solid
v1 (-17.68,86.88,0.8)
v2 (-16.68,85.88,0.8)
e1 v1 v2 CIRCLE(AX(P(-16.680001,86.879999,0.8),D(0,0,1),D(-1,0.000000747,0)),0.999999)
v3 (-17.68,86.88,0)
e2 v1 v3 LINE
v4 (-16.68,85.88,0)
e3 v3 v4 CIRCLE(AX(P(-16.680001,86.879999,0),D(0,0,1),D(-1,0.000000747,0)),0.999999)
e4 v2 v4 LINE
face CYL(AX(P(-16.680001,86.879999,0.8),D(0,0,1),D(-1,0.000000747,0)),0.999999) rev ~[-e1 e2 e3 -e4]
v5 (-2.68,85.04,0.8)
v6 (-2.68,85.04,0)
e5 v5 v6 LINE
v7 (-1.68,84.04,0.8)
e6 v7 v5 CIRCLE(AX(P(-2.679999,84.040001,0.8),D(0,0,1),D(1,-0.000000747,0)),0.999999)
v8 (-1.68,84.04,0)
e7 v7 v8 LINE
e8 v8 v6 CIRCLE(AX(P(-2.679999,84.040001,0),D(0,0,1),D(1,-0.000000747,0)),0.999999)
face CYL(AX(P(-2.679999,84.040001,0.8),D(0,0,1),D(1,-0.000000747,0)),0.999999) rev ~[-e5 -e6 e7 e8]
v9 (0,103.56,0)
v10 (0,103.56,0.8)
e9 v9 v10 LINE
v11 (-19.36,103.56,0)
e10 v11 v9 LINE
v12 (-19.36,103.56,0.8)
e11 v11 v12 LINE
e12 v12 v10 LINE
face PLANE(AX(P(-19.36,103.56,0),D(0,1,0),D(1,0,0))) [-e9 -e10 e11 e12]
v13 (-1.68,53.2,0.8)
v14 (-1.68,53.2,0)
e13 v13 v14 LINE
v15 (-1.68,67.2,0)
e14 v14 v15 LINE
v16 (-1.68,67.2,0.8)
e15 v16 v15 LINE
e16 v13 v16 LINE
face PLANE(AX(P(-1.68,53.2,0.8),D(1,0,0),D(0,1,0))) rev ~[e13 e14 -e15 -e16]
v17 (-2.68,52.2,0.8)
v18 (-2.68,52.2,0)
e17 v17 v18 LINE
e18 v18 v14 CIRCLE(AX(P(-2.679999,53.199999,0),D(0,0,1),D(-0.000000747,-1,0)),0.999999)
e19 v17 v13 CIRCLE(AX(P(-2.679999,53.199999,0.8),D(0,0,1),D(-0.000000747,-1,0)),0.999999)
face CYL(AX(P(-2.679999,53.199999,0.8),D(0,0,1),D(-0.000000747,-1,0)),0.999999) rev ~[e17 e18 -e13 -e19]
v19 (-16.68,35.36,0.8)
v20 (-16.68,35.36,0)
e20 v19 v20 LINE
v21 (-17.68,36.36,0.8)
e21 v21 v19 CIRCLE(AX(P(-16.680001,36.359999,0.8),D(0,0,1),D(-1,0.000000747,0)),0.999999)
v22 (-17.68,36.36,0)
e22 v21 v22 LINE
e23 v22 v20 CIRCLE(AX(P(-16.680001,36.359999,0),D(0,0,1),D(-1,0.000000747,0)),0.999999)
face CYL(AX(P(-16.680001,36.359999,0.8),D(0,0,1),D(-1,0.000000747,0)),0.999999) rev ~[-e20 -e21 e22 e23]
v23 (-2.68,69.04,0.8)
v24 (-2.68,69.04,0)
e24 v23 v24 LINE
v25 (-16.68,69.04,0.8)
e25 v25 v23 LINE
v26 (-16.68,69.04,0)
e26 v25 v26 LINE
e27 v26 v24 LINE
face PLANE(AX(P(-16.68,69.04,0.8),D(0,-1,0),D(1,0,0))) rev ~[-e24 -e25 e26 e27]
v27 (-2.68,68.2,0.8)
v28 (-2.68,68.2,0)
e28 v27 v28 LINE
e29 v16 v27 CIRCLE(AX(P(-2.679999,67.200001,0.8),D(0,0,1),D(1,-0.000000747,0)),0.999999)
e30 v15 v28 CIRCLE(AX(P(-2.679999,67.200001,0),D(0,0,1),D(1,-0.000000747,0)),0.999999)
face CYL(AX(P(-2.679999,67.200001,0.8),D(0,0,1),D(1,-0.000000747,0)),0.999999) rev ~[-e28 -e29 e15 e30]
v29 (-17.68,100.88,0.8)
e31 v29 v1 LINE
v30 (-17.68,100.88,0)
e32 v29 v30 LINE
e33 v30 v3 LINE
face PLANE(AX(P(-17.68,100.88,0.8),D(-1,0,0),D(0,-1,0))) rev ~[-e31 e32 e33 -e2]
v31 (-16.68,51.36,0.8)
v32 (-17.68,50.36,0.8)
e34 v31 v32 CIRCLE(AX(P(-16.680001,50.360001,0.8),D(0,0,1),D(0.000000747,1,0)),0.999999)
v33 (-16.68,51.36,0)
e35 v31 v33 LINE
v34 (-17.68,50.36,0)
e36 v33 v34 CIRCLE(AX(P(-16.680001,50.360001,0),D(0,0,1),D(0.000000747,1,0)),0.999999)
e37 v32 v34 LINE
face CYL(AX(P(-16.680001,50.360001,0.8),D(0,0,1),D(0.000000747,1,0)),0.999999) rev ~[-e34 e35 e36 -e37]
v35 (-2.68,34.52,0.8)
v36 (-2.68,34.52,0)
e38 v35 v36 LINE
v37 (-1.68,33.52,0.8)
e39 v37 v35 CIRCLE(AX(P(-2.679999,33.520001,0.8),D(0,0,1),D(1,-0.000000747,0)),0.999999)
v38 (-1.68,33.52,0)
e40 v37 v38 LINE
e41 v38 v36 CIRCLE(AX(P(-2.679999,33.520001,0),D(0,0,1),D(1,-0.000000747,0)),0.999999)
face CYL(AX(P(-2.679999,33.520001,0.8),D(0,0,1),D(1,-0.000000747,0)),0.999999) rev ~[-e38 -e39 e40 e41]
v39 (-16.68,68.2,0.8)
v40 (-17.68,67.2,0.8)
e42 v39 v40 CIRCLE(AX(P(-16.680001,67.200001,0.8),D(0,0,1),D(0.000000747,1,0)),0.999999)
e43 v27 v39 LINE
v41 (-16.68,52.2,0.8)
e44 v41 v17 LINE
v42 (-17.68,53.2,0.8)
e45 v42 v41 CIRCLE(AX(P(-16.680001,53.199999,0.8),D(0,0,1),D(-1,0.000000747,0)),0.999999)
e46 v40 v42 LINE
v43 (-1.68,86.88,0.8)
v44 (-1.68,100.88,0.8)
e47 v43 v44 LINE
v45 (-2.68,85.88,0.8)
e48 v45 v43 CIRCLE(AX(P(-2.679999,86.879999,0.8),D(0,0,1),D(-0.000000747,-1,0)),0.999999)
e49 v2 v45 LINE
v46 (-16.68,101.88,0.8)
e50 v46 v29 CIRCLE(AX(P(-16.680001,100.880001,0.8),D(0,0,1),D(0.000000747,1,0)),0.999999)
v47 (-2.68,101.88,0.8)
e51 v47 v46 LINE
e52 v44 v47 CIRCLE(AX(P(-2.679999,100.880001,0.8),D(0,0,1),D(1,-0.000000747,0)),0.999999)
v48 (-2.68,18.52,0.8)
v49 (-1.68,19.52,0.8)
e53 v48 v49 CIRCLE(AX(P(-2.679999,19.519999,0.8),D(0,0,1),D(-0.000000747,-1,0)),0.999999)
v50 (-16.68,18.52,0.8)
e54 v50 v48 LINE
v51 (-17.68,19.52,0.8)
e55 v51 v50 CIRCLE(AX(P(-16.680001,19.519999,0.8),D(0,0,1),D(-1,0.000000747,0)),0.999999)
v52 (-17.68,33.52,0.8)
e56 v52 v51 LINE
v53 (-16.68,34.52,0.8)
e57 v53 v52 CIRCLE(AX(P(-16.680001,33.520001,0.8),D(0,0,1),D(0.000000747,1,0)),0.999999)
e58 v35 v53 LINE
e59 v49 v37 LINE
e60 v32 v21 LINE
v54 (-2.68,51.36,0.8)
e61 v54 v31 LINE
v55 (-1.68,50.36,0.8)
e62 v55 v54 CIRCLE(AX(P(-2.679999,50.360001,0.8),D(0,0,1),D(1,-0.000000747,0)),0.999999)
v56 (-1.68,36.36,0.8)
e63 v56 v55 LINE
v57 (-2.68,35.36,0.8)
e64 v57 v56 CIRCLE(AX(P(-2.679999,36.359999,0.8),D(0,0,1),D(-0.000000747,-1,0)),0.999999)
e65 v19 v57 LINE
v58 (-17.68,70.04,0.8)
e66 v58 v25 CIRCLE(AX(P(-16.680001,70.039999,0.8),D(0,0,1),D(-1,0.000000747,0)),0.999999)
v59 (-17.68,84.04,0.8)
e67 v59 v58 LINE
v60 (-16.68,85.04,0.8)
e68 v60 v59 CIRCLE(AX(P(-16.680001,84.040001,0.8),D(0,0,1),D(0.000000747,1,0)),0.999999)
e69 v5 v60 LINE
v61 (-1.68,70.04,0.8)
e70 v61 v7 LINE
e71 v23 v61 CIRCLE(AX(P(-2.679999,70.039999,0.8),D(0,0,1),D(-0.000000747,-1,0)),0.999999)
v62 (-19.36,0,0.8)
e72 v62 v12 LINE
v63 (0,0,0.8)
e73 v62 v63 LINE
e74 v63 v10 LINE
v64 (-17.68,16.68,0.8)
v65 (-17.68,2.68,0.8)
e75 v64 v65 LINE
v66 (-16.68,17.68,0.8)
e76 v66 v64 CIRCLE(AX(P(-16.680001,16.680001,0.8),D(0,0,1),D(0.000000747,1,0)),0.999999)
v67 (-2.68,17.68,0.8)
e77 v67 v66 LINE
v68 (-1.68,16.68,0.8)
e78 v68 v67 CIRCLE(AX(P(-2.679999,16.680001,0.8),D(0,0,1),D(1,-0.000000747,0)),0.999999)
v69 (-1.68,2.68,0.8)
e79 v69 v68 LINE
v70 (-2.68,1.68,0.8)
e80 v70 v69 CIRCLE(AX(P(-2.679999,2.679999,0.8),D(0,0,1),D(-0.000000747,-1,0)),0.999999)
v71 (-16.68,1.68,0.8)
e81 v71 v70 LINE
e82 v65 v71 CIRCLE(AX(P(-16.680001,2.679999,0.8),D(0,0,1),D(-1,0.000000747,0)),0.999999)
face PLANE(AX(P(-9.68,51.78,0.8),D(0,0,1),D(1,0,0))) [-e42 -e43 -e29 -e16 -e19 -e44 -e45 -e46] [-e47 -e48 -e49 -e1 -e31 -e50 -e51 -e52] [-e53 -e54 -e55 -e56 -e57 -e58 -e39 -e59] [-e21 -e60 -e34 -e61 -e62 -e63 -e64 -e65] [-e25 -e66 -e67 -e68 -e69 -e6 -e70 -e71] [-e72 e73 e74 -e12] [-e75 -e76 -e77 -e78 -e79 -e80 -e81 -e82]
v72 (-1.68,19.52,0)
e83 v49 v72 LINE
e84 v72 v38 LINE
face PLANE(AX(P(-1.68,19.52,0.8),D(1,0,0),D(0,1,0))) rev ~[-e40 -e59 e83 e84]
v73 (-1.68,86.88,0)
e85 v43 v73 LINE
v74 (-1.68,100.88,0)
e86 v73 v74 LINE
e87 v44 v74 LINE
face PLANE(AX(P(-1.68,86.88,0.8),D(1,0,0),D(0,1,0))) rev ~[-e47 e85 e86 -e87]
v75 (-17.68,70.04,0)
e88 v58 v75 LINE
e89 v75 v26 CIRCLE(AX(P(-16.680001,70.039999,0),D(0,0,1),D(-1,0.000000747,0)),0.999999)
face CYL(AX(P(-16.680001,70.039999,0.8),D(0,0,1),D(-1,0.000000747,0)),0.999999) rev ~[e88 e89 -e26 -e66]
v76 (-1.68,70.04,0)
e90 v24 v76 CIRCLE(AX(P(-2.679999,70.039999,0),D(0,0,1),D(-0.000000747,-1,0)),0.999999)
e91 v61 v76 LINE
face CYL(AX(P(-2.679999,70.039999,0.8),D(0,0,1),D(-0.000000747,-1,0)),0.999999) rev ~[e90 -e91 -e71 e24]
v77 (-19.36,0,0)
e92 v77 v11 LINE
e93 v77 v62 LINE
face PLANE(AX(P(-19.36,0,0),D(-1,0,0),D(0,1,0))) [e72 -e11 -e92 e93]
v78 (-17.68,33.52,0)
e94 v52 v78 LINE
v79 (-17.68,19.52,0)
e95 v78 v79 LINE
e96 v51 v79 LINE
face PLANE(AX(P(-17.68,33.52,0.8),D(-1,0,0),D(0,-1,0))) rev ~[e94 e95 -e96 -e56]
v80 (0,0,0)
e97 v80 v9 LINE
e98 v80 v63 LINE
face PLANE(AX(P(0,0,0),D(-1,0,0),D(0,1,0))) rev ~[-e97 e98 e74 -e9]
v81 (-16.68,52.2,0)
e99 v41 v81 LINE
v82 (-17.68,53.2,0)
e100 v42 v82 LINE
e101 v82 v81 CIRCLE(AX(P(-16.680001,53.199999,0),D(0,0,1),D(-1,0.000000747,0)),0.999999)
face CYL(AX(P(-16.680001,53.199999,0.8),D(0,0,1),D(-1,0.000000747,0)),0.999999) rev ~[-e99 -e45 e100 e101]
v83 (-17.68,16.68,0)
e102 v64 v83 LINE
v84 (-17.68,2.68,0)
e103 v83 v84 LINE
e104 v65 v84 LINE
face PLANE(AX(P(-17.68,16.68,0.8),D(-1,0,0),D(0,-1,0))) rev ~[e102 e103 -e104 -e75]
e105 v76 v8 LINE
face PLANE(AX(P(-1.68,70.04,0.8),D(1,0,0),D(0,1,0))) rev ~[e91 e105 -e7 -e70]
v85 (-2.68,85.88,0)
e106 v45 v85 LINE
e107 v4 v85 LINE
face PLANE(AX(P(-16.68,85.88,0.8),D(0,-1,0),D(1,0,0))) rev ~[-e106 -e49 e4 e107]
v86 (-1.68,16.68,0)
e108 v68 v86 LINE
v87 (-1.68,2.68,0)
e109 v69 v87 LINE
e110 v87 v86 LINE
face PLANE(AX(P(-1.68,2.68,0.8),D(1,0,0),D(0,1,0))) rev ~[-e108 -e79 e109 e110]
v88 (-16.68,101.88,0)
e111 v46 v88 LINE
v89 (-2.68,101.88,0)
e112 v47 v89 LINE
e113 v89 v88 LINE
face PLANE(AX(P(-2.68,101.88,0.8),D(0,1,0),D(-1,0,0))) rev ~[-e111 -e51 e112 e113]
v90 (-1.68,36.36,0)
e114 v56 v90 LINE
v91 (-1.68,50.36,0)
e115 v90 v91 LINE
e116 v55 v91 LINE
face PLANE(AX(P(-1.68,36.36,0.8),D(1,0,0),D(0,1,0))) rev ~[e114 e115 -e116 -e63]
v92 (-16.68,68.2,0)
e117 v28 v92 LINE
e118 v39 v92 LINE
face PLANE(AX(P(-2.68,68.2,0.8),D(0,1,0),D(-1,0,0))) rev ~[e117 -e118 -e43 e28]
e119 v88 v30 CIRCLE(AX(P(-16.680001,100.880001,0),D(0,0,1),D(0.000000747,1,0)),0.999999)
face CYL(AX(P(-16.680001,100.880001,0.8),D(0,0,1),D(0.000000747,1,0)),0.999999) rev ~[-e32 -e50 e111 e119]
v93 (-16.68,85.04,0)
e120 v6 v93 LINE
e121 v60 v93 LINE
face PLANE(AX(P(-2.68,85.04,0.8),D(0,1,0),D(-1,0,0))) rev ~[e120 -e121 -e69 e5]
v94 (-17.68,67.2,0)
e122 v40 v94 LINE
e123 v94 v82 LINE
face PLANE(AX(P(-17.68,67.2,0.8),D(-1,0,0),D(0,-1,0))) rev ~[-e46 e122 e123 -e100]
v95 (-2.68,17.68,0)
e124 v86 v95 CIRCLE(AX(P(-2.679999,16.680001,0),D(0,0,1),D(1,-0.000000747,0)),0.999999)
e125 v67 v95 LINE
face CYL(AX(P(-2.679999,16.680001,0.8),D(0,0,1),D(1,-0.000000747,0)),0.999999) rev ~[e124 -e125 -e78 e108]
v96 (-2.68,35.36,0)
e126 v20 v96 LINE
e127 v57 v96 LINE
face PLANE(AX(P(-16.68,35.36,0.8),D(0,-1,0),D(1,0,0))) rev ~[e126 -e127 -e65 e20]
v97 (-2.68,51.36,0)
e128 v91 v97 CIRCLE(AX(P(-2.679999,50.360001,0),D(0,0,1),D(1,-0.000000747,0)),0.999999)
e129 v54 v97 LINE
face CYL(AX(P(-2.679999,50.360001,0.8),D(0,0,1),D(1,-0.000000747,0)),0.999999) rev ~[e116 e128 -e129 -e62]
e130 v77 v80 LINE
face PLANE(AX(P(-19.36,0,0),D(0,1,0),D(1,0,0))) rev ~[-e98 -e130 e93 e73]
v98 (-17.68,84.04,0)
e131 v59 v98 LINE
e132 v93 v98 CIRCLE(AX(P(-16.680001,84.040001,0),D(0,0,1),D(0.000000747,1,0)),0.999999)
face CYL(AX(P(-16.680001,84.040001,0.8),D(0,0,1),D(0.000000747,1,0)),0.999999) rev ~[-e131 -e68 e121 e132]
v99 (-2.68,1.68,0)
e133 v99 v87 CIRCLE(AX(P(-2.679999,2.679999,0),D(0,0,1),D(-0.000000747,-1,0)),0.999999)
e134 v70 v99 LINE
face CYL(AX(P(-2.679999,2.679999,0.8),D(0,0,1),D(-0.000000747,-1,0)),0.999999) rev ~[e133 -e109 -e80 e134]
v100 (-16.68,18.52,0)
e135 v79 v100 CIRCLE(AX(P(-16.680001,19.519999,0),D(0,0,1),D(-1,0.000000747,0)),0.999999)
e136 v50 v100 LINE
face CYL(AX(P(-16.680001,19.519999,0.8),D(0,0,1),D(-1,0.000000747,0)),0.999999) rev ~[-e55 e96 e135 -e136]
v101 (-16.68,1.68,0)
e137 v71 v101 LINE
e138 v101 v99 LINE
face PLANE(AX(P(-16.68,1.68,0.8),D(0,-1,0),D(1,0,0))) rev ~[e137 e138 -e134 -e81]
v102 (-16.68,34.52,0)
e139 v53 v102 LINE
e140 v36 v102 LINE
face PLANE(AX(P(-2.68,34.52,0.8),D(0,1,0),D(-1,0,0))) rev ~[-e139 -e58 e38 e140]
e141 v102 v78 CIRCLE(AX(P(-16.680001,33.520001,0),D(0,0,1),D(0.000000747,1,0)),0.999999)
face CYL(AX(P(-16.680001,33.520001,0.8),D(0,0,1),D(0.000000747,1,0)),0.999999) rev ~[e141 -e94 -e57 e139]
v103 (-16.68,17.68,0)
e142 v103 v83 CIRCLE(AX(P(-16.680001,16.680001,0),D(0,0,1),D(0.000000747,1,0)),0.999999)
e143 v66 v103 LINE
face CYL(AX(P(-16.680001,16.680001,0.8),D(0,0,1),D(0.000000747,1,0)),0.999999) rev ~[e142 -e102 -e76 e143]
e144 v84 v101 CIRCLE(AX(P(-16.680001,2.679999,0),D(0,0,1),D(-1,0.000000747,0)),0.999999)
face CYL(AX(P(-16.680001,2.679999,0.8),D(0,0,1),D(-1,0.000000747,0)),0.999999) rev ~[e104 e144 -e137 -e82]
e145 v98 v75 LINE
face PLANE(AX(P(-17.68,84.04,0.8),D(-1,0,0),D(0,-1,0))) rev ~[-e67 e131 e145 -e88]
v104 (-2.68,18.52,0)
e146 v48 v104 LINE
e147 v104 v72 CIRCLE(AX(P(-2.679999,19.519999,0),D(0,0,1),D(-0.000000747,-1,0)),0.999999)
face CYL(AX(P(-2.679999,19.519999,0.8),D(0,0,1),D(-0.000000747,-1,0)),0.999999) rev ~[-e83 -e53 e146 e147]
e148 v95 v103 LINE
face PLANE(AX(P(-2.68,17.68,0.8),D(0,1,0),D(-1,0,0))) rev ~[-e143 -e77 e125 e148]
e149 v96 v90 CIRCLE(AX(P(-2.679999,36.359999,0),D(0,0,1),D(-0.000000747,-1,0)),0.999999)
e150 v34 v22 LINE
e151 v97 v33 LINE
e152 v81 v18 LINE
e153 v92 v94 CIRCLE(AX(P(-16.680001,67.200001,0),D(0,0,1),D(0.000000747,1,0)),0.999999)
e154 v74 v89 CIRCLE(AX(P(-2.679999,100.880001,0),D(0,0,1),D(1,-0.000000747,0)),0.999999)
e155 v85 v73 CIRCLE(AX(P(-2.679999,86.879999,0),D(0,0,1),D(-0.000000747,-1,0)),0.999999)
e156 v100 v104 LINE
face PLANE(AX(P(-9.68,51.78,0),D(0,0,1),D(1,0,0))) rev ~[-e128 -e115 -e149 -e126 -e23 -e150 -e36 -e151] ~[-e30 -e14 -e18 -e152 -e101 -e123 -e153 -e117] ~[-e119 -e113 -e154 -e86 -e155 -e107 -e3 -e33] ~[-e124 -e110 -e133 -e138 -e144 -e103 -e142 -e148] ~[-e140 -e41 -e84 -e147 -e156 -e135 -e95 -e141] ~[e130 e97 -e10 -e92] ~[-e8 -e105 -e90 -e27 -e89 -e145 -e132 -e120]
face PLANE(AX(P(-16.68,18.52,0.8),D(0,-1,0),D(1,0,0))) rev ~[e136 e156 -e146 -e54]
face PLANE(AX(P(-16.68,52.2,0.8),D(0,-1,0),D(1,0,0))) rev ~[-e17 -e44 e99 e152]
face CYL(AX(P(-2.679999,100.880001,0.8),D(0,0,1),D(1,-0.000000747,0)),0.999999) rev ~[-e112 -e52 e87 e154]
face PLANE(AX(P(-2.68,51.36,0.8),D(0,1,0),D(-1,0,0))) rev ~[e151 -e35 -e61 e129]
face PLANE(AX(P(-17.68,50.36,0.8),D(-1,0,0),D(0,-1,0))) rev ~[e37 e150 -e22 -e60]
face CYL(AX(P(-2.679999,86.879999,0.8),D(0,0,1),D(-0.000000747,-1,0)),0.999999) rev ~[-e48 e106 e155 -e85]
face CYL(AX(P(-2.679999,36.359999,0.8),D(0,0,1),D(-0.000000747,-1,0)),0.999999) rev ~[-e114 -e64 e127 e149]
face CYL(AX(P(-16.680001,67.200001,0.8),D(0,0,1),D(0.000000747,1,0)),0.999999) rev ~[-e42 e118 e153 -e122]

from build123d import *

# Parameters (mm, degrees)
SKETCH_W            = 19.36
SKETCH_H            = 103.56
PAD_DEPTH           = 0.8
POCKET_DEPTH        = 5
LINEARPATTERN_COUNT = 6
LINEARPATTERN_PITCH = 16.84


with BuildPart() as part:
    # Sketch → Pad (new body)
    with BuildSketch(Plane.XY):
        with Locations((-9.68, 51.78)):
            Rectangle(SKETCH_W, SKETCH_H)
    extrude(amount=PAD_DEPTH)

    # Sketch001 (on Face6 of Pad) → Pocket (cut)
    with BuildSketch(Plane.XY.offset(0.8)):
        with BuildLine():
            Line((-17.68, 16.68), (-17.68, 2.68))
            ThreePointArc((-17.68, 2.68), (-17.387107, 1.972893), (-16.68, 1.68))
            Line((-16.68, 1.68), (-2.68, 1.68))
            ThreePointArc((-2.68, 1.68), (-1.972893, 1.972893), (-1.68, 2.68))
            Line((-1.68, 2.68), (-1.68, 16.68))
            ThreePointArc((-1.68, 16.68), (-1.972893, 17.387107), (-2.68, 17.68))
            Line((-2.68, 17.68), (-16.68, 17.68))
            ThreePointArc((-16.68, 17.68), (-17.387107, 17.387107), (-17.68, 16.68))
        make_face()
    pocket = extrude(amount=-POCKET_DEPTH, mode=Mode.SUBTRACT)

    # LinearPattern: Pocket ×6
    with Locations(*[(0, i * LINEARPATTERN_PITCH, 0) for i in range(1, LINEARPATTERN_COUNT)]):
        add(pocket, mode=Mode.SUBTRACT)


solid = part.part
